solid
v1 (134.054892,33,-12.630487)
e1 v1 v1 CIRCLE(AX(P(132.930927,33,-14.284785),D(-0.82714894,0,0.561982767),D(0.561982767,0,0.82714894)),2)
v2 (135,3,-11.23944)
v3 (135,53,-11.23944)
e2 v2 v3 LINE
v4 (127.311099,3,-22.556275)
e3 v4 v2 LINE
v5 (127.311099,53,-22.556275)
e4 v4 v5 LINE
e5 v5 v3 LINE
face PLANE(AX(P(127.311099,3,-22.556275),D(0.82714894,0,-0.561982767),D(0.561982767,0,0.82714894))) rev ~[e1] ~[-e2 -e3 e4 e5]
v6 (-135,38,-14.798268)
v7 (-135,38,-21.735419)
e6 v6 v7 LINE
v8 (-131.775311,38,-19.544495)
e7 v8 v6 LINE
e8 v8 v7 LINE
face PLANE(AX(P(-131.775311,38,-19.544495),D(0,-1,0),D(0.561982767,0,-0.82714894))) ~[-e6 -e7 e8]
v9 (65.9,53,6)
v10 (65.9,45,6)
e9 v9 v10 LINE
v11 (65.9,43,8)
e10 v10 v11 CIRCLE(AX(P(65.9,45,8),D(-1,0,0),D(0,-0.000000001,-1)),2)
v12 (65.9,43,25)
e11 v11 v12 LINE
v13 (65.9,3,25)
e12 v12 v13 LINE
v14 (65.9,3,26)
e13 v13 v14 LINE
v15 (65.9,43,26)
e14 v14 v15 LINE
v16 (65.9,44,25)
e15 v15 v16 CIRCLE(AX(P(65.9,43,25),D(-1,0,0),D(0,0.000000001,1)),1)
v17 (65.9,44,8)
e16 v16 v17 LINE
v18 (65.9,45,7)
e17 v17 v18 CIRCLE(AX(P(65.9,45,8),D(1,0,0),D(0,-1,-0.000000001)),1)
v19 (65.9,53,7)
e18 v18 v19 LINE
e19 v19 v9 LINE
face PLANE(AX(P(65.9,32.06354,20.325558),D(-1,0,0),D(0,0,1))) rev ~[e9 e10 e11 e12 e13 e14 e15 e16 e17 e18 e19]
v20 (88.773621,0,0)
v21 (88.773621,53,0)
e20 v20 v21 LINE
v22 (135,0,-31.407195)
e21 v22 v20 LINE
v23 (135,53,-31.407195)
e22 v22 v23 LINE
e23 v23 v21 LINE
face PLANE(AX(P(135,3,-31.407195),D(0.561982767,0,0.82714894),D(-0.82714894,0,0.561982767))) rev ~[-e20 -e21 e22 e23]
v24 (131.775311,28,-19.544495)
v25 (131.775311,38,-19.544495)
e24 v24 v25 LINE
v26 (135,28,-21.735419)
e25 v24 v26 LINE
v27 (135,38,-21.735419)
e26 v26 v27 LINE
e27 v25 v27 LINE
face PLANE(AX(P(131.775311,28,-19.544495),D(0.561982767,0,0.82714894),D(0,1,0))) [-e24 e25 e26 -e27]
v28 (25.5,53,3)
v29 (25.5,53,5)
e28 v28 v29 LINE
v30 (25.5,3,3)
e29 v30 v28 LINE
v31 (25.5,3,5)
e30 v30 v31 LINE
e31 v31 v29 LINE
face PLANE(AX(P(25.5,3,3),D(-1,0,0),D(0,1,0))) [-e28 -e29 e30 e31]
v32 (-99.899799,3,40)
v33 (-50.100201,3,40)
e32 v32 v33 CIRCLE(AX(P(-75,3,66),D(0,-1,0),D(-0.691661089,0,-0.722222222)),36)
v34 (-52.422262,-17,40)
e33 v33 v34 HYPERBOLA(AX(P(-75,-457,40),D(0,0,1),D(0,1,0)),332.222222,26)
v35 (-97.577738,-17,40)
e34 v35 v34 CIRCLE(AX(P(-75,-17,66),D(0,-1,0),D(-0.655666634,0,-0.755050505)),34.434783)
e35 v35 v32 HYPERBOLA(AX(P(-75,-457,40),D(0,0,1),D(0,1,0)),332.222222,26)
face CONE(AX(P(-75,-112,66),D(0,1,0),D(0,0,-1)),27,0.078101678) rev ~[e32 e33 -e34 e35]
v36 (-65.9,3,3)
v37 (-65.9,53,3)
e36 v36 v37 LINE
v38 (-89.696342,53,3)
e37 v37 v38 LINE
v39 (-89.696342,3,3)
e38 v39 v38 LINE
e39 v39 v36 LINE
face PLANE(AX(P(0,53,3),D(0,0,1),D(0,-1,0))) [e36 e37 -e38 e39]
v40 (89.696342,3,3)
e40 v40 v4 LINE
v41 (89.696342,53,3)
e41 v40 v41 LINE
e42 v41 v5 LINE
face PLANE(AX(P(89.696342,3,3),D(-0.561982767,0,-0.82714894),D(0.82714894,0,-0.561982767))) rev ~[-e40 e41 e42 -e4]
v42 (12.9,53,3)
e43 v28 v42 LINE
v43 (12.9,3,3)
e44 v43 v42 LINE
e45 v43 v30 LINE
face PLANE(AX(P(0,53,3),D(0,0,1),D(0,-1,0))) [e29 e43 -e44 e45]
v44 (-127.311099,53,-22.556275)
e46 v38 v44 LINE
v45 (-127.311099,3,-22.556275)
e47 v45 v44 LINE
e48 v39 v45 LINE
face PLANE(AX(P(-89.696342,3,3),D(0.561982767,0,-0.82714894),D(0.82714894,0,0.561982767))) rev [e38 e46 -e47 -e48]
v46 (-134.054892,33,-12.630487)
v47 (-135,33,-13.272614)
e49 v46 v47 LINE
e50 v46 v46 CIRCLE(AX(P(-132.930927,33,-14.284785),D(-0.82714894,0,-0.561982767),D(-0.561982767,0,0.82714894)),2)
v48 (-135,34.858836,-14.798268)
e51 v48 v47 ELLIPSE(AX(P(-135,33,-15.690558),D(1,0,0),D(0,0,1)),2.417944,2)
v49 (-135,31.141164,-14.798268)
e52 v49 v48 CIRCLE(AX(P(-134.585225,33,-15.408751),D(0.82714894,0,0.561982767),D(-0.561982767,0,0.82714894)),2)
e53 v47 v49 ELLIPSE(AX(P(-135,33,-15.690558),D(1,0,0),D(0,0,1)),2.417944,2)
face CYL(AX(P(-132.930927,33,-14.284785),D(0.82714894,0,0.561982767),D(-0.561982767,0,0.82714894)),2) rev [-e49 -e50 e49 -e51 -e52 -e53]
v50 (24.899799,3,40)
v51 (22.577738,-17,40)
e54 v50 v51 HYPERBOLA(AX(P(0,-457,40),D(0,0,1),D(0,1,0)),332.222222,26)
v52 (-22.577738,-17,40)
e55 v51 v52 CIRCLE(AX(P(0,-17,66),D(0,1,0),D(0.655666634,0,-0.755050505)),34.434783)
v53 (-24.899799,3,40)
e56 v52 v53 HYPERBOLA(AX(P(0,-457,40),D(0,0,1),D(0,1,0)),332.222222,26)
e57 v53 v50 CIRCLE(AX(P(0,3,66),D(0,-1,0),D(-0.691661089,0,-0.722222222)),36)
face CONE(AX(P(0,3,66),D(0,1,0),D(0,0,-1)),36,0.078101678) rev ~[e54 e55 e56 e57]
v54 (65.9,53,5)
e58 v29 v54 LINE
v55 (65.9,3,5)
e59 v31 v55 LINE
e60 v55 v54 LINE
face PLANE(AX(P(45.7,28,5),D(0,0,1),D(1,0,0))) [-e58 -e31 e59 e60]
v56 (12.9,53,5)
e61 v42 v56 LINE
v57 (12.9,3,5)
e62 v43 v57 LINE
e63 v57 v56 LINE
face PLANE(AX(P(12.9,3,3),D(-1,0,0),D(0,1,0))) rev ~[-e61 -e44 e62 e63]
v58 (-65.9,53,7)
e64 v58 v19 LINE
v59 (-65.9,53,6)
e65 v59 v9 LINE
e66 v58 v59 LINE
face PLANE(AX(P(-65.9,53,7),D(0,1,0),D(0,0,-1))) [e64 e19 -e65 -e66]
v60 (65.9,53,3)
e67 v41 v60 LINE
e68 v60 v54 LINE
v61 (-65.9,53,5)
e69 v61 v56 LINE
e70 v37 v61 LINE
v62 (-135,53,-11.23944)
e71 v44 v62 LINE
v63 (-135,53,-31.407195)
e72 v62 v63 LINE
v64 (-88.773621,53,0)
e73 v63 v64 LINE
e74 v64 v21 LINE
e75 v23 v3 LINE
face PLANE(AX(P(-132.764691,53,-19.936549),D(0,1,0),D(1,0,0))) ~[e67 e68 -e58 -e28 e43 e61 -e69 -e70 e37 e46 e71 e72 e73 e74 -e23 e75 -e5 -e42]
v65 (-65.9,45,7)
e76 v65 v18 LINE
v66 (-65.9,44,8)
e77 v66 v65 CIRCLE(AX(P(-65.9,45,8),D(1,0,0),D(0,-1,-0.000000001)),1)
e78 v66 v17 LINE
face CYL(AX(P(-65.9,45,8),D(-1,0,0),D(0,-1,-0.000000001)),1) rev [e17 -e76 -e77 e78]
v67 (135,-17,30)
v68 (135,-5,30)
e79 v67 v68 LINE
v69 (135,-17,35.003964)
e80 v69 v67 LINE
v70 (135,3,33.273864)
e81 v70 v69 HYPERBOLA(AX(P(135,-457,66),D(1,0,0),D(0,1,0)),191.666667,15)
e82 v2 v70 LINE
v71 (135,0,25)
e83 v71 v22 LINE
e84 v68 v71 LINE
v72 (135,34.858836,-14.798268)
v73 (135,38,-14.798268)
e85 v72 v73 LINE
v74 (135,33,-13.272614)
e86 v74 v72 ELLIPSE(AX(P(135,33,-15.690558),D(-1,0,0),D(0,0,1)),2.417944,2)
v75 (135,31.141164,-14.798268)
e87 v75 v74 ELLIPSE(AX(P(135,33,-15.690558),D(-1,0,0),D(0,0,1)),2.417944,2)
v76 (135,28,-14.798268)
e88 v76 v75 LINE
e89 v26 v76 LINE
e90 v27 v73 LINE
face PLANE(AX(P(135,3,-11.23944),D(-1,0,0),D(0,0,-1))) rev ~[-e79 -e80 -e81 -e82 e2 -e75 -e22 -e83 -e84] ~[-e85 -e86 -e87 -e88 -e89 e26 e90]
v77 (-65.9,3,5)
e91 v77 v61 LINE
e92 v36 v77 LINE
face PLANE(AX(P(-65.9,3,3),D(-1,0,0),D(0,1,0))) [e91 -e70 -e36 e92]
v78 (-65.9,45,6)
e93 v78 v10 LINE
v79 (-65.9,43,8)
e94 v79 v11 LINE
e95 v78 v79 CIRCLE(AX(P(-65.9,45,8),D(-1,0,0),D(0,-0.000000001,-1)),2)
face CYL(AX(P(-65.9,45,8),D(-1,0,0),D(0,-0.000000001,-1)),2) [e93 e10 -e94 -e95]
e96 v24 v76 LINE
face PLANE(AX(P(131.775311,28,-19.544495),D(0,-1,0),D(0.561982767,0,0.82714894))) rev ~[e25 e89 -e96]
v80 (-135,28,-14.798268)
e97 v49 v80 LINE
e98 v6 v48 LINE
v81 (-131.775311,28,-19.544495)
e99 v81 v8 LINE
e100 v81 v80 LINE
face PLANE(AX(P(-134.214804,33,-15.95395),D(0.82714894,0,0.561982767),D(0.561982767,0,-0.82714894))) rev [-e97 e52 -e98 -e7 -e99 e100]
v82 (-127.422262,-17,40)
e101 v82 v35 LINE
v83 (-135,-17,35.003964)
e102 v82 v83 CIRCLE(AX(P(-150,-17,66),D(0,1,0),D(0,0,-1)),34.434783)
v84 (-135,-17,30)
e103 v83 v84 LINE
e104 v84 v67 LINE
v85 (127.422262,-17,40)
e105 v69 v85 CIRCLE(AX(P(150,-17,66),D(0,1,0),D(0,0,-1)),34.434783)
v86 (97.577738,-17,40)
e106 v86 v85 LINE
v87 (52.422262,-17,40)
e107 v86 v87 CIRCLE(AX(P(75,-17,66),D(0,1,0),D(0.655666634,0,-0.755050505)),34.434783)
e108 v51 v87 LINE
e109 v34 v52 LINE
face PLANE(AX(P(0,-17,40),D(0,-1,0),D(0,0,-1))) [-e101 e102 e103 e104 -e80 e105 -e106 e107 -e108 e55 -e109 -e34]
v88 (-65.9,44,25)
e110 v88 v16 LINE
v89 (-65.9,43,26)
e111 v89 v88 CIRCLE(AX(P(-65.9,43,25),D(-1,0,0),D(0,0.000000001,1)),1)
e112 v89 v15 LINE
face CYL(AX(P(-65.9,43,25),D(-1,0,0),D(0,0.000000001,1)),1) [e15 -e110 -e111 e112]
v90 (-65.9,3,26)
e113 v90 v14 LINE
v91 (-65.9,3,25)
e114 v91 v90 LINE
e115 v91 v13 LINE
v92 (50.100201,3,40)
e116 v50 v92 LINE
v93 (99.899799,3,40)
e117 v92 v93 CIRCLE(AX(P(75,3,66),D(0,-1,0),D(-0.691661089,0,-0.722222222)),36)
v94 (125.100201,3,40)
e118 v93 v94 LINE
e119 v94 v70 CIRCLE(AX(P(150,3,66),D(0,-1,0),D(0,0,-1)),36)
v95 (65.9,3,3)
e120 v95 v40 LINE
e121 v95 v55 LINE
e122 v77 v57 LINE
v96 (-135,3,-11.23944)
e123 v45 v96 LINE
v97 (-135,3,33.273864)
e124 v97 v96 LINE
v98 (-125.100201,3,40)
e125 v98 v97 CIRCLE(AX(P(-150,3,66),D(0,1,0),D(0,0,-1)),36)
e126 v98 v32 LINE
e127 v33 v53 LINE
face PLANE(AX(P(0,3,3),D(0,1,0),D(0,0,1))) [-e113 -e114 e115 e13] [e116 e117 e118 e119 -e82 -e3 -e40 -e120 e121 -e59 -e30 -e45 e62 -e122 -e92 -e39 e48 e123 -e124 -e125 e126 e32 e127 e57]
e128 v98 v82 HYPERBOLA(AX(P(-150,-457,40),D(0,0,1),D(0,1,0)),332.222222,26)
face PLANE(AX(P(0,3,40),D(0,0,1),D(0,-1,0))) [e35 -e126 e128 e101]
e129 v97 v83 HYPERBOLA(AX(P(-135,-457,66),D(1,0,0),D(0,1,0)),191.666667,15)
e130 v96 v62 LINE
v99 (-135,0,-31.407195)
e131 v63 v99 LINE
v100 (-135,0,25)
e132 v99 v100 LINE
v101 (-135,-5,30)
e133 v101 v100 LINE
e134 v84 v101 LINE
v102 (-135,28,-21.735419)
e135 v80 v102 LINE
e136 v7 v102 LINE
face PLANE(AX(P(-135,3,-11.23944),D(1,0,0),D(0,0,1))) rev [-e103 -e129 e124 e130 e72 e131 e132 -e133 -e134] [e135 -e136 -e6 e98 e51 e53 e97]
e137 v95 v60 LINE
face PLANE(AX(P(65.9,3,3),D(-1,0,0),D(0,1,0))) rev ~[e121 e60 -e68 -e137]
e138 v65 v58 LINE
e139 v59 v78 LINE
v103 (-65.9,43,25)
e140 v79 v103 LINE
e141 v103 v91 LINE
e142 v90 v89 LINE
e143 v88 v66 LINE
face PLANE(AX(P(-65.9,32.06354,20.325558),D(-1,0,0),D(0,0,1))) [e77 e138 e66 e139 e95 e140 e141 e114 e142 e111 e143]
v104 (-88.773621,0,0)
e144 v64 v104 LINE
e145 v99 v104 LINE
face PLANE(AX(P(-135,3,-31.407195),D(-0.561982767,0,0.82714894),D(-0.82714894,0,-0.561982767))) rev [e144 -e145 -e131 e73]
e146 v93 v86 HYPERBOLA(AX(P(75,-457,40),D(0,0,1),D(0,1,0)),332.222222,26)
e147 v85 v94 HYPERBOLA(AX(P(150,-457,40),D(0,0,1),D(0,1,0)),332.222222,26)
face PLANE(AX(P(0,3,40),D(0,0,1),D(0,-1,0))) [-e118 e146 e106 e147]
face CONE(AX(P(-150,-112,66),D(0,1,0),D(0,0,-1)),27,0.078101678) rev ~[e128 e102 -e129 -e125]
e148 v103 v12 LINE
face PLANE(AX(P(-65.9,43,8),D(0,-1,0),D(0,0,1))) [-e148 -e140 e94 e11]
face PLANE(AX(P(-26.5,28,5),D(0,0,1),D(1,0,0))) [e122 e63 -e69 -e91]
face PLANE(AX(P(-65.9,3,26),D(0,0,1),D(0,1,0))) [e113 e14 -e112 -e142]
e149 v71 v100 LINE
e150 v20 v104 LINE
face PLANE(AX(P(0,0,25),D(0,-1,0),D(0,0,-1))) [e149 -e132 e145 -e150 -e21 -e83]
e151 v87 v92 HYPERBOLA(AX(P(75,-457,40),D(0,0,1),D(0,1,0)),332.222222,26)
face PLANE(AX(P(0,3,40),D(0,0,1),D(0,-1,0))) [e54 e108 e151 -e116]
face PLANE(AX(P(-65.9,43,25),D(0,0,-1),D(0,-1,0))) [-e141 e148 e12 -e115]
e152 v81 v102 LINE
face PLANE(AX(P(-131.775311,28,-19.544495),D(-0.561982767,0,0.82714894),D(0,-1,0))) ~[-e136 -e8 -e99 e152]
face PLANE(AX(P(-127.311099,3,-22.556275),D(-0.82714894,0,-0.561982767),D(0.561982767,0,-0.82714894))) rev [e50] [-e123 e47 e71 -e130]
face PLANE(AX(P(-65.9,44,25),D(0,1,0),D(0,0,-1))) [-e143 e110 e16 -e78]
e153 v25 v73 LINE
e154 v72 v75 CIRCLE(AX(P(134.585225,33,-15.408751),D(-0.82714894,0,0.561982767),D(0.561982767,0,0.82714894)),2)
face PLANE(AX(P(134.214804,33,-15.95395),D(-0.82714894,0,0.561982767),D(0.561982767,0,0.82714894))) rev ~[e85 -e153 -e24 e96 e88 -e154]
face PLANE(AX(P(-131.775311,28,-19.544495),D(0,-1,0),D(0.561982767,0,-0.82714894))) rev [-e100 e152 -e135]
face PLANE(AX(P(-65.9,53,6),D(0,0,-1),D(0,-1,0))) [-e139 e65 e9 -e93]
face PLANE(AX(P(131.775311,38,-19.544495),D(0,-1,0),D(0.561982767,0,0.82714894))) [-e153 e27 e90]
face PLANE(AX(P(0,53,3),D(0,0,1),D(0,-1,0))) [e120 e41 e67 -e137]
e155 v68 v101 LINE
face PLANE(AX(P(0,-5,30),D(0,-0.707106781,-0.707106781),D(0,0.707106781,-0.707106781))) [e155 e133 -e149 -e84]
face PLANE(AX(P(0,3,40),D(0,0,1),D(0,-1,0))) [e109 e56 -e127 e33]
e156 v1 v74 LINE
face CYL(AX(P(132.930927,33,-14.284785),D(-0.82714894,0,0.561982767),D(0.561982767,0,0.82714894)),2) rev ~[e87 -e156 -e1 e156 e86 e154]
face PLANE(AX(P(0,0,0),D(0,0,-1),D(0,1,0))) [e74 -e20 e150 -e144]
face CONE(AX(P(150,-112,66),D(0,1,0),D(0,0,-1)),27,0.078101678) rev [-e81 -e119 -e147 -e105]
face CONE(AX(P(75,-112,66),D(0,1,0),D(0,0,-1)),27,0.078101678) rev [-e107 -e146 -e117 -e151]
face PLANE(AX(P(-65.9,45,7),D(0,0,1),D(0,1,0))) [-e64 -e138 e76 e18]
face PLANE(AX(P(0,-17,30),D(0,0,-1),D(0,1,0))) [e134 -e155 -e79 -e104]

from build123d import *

# Parameters (mm, degrees)
BOSS_EXTRUDE1_DEPTH             = 135
BOSS_EXTRUDE2_REACH             = 151.416
BOSS_EXTRUDE2_DIRECTION_2_REACH = 151.416
CUT_EXTRUDE1_DEPTH              = 50
BOSS_EXTRUDE3_DEPTH             = 50
SKETCH9_R                       = 2
CUT_EXTRUDE2_DEPTH              = 262.164206304
CUT_EXTRUDE3_START              = -2
SKETCH10_W                      = 8.681737756
SKETCH10_H                      = 10
CUT_EXTRUDE3_DEPTH              = 260.164206304
SKETCH11_W                      = 78.8
SKETCH11_H                      = 50
SKETCH11_W_2                    = 40.4
BOSS_EXTRUDE4_DEPTH             = 2
BOSS_EXTRUDE5_DEPTH             = 131.8


with BuildPart() as part:
    # Sketch1 → Boss-Extrude1 (new, symmetric)
    with BuildSketch(Plane(origin=(0, 0, 0), x_dir=(0, 0, -1), z_dir=(1, 0, 0))):
        Polygon((0, 0), (0, 53), (-3, 53), (-3, 3), (-40, 3), (-40, 0), (-40, -17), (-30, -17), (-30, -5), (-25, 0), align=None)
    extrude(amount=BOSS_EXTRUDE1_DEPTH, both=True)

    # Sketch2 → Cut-Revolve1 (revolve, cut)
    with BuildSketch(Plane(origin=(0, 0, 0), x_dir=(0, 0, -1), z_dir=(1, 0, 0))):
        Polygon((-66, 3), (-30, 3), (-39, -112), (-66, -112), align=None)
    revolve(axis=Axis((0, 3, 66), (0, -1, 0)), mode=Mode.SUBTRACT)

    # Sketch3 → Cut-Revolve2 (revolve, cut)
    with BuildSketch(Plane(origin=(75, 0, 0), x_dir=(0, 0, -1), z_dir=(1, 0, 0))):
        Polygon((-30, 3), (-66, 3), (-66, -112), (-39, -112), align=None)
    cut_revolve2 = revolve(axis=Axis((75, 3, 66), (0, -1, 0)), mode=Mode.SUBTRACT)

    # Sketch4 → Cut-Revolve3 (revolve, cut)
    with BuildSketch(Plane(origin=(150, 0, 0), x_dir=(0, 0, -1), z_dir=(1, 0, 0))):
        Polygon((-30, 3), (-66, 3), (-66, -112), (-39, -112), align=None)
    cut_revolve3 = revolve(axis=Axis((150, 3, 66), (0, -1, 0)), mode=Mode.SUBTRACT)

    # Boss-Extrude2: up to this face of the body (flat: up to its plane)
    boss_extrude2_end = Plane(part.part.faces().sort_by_distance((0, 53, 1.5))[0])
    # Sketch5 → Boss-Extrude2 (add, up to the picked face)
    with BuildSketch(Plane(origin=(0, 3, 0), x_dir=(1, 0, 0), z_dir=(0, 1, 0)), mode=Mode.PRIVATE) as boss_extrude2_sk1:
        Polygon((89.696341704, -3), (135, -3), (135, 27.780279129), (135, 31.407195461), (84.358099725, -3), align=None)
    boss_extrude2_tool1 = split(extrude(boss_extrude2_sk1.sketch, amount=BOSS_EXTRUDE2_REACH, mode=Mode.PRIVATE), bisect_by=boss_extrude2_end, keep=Keep.BOTH, mode=Mode.PRIVATE)
    boss_extrude2 = boss_extrude2_tool1.solids().sort_by(Axis((118.119367, 3, -8.469065), (0, 1, 0)))[0]
    add(boss_extrude2)

    # Boss-Extrude2 direction 2: up to this face of the body (flat: up to its plane)
    boss_extrude2_direction_2_end = Plane(part.part.faces().sort_by_distance((0, 0, 12.5))[0])
    # Sketch5 → Boss-Extrude2 direction 2 (add, up to the picked face)
    with BuildSketch(Plane(origin=(0, 3, 0), x_dir=(1, 0, 0), z_dir=(0, 1, 0)), mode=Mode.PRIVATE) as boss_extrude2_direction_2_sk1:
        Polygon((89.696341704, -3), (135, -3), (135, 27.780279129), (135, 31.407195461), (84.358099725, -3), align=None)
    boss_extrude2_direction_2_tool1 = split(extrude(boss_extrude2_direction_2_sk1.sketch, amount=-BOSS_EXTRUDE2_DIRECTION_2_REACH, mode=Mode.PRIVATE), bisect_by=boss_extrude2_direction_2_end, keep=Keep.BOTH, mode=Mode.PRIVATE)
    boss_extrude2_direction_2 = boss_extrude2_direction_2_tool1.solids().sort_by(Axis((118.119367, 3, -8.469065), (0, -1, 0)))[0]
    add(boss_extrude2_direction_2)

    # Sketch7 → Cut-Extrude1 (cut)
    with BuildSketch(Plane(origin=(0, 3, 0), x_dir=(1, 0, 0), z_dir=(0, 1, 0))):
        Polygon((89.696341704, -3), (135, 27.780279129), (135, -3), align=None)
    cut_extrude1 = extrude(amount=CUT_EXTRUDE1_DEPTH, mode=Mode.SUBTRACT)

    # Sketch8 → Boss-Extrude3 (add)
    with BuildSketch(Plane(origin=(0, 3, 0), x_dir=(1, 0, 0), z_dir=(0, 1, 0))):
        Polygon((135, 27.780279129), (127.311099154, 22.556274642), (135, 11.239439757), align=None)
    boss_extrude3 = extrude(amount=BOSS_EXTRUDE3_DEPTH)

    # Sketch9 → Cut-Extrude2 (cut, through all)
    with BuildSketch(Plane(origin=(97.588254801, 0, -66.303557715), x_dir=(0.5619827673392628, 0, 0.8271489401635621), z_dir=(-0.8271489401635621, 0, 0.5619827673392628))):
        with Locations((62.889245152, 33)):
            Circle(SKETCH9_R)
    cut_extrude2 = extrude(amount=-CUT_EXTRUDE2_DEPTH, mode=Mode.SUBTRACT)

    # Sketch10 → Cut-Extrude3 (cut, through all)
    with BuildSketch(Plane(origin=(97.588254801, 0, -66.303557715), x_dir=(0.5619827673392628, 0, 0.8271489401635621), z_dir=(-0.8271489401635621, 0, 0.5619827673392628)).offset(CUT_EXTRUDE3_START)):
        with Locations((62.23011403, 33)):
            Rectangle(SKETCH10_W, SKETCH10_H)
    cut_extrude3 = extrude(amount=-CUT_EXTRUDE3_DEPTH, mode=Mode.SUBTRACT)

    # Mirror1: Cut-Revolve2, Cut-Revolve3, Boss-Extrude2, Boss-Extrude2 direction 2, Cut-Extrude1, Boss-Extrude3, Cut-Extrude2, Cut-Extrude3 across plane
    add(cut_revolve2.mirror(Plane(origin=(0, 0, 0), x_dir=(0, 0, 1), z_dir=(1, 0, 0))), mode=Mode.SUBTRACT)
    add(cut_revolve3.mirror(Plane(origin=(0, 0, 0), x_dir=(0, 0, 1), z_dir=(1, 0, 0))), mode=Mode.SUBTRACT)
    add(boss_extrude2.mirror(Plane(origin=(0, 0, 0), x_dir=(0, 0, 1), z_dir=(1, 0, 0))))
    add(boss_extrude2_direction_2.mirror(Plane(origin=(0, 0, 0), x_dir=(0, 0, 1), z_dir=(1, 0, 0))))
    add(cut_extrude1.mirror(Plane(origin=(0, 0, 0), x_dir=(0, 0, 1), z_dir=(1, 0, 0))), mode=Mode.SUBTRACT)
    add(boss_extrude3.mirror(Plane(origin=(0, 0, 0), x_dir=(0, 0, 1), z_dir=(1, 0, 0))))
    add(cut_extrude2.mirror(Plane(origin=(0, 0, 0), x_dir=(0, 0, 1), z_dir=(1, 0, 0))), mode=Mode.SUBTRACT)
    add(cut_extrude3.mirror(Plane(origin=(0, 0, 0), x_dir=(0, 0, 1), z_dir=(1, 0, 0))), mode=Mode.SUBTRACT)

    # Sketch11 → Boss-Extrude4 (add)
    with BuildSketch(Plane.XY.offset(3)):
        with Locations((-26.5, 28)):
            Rectangle(SKETCH11_W, SKETCH11_H)
        with Locations((45.7, 28)):
            Rectangle(SKETCH11_W_2, SKETCH11_H)
    extrude(amount=BOSS_EXTRUDE4_DEPTH)

    # Sketch12 → Boss-Extrude5 (add)
    with BuildSketch(Plane.ZY.offset(65.9)):
        with BuildLine():
            Line((6, 53), (6, 45))
            ThreePointArc((6, 45), (6.585786438, 43.585786438), (8, 43))
            Line((8, 43), (25, 43))
            Line((25, 43), (25, 3))
            Line((25, 3), (26, 3))
            Line((26, 3), (26, 43))
            ThreePointArc((26, 43), (25.707106781, 43.707106781), (25, 44))
            Line((25, 44), (8, 44))
            ThreePointArc((8, 44), (7.292893219, 44.292893219), (7, 45))
            Line((7, 45), (7, 53))
            Line((7, 53), (6, 53))
        make_face()
    extrude(amount=-BOSS_EXTRUDE5_DEPTH)


solid = part.part
